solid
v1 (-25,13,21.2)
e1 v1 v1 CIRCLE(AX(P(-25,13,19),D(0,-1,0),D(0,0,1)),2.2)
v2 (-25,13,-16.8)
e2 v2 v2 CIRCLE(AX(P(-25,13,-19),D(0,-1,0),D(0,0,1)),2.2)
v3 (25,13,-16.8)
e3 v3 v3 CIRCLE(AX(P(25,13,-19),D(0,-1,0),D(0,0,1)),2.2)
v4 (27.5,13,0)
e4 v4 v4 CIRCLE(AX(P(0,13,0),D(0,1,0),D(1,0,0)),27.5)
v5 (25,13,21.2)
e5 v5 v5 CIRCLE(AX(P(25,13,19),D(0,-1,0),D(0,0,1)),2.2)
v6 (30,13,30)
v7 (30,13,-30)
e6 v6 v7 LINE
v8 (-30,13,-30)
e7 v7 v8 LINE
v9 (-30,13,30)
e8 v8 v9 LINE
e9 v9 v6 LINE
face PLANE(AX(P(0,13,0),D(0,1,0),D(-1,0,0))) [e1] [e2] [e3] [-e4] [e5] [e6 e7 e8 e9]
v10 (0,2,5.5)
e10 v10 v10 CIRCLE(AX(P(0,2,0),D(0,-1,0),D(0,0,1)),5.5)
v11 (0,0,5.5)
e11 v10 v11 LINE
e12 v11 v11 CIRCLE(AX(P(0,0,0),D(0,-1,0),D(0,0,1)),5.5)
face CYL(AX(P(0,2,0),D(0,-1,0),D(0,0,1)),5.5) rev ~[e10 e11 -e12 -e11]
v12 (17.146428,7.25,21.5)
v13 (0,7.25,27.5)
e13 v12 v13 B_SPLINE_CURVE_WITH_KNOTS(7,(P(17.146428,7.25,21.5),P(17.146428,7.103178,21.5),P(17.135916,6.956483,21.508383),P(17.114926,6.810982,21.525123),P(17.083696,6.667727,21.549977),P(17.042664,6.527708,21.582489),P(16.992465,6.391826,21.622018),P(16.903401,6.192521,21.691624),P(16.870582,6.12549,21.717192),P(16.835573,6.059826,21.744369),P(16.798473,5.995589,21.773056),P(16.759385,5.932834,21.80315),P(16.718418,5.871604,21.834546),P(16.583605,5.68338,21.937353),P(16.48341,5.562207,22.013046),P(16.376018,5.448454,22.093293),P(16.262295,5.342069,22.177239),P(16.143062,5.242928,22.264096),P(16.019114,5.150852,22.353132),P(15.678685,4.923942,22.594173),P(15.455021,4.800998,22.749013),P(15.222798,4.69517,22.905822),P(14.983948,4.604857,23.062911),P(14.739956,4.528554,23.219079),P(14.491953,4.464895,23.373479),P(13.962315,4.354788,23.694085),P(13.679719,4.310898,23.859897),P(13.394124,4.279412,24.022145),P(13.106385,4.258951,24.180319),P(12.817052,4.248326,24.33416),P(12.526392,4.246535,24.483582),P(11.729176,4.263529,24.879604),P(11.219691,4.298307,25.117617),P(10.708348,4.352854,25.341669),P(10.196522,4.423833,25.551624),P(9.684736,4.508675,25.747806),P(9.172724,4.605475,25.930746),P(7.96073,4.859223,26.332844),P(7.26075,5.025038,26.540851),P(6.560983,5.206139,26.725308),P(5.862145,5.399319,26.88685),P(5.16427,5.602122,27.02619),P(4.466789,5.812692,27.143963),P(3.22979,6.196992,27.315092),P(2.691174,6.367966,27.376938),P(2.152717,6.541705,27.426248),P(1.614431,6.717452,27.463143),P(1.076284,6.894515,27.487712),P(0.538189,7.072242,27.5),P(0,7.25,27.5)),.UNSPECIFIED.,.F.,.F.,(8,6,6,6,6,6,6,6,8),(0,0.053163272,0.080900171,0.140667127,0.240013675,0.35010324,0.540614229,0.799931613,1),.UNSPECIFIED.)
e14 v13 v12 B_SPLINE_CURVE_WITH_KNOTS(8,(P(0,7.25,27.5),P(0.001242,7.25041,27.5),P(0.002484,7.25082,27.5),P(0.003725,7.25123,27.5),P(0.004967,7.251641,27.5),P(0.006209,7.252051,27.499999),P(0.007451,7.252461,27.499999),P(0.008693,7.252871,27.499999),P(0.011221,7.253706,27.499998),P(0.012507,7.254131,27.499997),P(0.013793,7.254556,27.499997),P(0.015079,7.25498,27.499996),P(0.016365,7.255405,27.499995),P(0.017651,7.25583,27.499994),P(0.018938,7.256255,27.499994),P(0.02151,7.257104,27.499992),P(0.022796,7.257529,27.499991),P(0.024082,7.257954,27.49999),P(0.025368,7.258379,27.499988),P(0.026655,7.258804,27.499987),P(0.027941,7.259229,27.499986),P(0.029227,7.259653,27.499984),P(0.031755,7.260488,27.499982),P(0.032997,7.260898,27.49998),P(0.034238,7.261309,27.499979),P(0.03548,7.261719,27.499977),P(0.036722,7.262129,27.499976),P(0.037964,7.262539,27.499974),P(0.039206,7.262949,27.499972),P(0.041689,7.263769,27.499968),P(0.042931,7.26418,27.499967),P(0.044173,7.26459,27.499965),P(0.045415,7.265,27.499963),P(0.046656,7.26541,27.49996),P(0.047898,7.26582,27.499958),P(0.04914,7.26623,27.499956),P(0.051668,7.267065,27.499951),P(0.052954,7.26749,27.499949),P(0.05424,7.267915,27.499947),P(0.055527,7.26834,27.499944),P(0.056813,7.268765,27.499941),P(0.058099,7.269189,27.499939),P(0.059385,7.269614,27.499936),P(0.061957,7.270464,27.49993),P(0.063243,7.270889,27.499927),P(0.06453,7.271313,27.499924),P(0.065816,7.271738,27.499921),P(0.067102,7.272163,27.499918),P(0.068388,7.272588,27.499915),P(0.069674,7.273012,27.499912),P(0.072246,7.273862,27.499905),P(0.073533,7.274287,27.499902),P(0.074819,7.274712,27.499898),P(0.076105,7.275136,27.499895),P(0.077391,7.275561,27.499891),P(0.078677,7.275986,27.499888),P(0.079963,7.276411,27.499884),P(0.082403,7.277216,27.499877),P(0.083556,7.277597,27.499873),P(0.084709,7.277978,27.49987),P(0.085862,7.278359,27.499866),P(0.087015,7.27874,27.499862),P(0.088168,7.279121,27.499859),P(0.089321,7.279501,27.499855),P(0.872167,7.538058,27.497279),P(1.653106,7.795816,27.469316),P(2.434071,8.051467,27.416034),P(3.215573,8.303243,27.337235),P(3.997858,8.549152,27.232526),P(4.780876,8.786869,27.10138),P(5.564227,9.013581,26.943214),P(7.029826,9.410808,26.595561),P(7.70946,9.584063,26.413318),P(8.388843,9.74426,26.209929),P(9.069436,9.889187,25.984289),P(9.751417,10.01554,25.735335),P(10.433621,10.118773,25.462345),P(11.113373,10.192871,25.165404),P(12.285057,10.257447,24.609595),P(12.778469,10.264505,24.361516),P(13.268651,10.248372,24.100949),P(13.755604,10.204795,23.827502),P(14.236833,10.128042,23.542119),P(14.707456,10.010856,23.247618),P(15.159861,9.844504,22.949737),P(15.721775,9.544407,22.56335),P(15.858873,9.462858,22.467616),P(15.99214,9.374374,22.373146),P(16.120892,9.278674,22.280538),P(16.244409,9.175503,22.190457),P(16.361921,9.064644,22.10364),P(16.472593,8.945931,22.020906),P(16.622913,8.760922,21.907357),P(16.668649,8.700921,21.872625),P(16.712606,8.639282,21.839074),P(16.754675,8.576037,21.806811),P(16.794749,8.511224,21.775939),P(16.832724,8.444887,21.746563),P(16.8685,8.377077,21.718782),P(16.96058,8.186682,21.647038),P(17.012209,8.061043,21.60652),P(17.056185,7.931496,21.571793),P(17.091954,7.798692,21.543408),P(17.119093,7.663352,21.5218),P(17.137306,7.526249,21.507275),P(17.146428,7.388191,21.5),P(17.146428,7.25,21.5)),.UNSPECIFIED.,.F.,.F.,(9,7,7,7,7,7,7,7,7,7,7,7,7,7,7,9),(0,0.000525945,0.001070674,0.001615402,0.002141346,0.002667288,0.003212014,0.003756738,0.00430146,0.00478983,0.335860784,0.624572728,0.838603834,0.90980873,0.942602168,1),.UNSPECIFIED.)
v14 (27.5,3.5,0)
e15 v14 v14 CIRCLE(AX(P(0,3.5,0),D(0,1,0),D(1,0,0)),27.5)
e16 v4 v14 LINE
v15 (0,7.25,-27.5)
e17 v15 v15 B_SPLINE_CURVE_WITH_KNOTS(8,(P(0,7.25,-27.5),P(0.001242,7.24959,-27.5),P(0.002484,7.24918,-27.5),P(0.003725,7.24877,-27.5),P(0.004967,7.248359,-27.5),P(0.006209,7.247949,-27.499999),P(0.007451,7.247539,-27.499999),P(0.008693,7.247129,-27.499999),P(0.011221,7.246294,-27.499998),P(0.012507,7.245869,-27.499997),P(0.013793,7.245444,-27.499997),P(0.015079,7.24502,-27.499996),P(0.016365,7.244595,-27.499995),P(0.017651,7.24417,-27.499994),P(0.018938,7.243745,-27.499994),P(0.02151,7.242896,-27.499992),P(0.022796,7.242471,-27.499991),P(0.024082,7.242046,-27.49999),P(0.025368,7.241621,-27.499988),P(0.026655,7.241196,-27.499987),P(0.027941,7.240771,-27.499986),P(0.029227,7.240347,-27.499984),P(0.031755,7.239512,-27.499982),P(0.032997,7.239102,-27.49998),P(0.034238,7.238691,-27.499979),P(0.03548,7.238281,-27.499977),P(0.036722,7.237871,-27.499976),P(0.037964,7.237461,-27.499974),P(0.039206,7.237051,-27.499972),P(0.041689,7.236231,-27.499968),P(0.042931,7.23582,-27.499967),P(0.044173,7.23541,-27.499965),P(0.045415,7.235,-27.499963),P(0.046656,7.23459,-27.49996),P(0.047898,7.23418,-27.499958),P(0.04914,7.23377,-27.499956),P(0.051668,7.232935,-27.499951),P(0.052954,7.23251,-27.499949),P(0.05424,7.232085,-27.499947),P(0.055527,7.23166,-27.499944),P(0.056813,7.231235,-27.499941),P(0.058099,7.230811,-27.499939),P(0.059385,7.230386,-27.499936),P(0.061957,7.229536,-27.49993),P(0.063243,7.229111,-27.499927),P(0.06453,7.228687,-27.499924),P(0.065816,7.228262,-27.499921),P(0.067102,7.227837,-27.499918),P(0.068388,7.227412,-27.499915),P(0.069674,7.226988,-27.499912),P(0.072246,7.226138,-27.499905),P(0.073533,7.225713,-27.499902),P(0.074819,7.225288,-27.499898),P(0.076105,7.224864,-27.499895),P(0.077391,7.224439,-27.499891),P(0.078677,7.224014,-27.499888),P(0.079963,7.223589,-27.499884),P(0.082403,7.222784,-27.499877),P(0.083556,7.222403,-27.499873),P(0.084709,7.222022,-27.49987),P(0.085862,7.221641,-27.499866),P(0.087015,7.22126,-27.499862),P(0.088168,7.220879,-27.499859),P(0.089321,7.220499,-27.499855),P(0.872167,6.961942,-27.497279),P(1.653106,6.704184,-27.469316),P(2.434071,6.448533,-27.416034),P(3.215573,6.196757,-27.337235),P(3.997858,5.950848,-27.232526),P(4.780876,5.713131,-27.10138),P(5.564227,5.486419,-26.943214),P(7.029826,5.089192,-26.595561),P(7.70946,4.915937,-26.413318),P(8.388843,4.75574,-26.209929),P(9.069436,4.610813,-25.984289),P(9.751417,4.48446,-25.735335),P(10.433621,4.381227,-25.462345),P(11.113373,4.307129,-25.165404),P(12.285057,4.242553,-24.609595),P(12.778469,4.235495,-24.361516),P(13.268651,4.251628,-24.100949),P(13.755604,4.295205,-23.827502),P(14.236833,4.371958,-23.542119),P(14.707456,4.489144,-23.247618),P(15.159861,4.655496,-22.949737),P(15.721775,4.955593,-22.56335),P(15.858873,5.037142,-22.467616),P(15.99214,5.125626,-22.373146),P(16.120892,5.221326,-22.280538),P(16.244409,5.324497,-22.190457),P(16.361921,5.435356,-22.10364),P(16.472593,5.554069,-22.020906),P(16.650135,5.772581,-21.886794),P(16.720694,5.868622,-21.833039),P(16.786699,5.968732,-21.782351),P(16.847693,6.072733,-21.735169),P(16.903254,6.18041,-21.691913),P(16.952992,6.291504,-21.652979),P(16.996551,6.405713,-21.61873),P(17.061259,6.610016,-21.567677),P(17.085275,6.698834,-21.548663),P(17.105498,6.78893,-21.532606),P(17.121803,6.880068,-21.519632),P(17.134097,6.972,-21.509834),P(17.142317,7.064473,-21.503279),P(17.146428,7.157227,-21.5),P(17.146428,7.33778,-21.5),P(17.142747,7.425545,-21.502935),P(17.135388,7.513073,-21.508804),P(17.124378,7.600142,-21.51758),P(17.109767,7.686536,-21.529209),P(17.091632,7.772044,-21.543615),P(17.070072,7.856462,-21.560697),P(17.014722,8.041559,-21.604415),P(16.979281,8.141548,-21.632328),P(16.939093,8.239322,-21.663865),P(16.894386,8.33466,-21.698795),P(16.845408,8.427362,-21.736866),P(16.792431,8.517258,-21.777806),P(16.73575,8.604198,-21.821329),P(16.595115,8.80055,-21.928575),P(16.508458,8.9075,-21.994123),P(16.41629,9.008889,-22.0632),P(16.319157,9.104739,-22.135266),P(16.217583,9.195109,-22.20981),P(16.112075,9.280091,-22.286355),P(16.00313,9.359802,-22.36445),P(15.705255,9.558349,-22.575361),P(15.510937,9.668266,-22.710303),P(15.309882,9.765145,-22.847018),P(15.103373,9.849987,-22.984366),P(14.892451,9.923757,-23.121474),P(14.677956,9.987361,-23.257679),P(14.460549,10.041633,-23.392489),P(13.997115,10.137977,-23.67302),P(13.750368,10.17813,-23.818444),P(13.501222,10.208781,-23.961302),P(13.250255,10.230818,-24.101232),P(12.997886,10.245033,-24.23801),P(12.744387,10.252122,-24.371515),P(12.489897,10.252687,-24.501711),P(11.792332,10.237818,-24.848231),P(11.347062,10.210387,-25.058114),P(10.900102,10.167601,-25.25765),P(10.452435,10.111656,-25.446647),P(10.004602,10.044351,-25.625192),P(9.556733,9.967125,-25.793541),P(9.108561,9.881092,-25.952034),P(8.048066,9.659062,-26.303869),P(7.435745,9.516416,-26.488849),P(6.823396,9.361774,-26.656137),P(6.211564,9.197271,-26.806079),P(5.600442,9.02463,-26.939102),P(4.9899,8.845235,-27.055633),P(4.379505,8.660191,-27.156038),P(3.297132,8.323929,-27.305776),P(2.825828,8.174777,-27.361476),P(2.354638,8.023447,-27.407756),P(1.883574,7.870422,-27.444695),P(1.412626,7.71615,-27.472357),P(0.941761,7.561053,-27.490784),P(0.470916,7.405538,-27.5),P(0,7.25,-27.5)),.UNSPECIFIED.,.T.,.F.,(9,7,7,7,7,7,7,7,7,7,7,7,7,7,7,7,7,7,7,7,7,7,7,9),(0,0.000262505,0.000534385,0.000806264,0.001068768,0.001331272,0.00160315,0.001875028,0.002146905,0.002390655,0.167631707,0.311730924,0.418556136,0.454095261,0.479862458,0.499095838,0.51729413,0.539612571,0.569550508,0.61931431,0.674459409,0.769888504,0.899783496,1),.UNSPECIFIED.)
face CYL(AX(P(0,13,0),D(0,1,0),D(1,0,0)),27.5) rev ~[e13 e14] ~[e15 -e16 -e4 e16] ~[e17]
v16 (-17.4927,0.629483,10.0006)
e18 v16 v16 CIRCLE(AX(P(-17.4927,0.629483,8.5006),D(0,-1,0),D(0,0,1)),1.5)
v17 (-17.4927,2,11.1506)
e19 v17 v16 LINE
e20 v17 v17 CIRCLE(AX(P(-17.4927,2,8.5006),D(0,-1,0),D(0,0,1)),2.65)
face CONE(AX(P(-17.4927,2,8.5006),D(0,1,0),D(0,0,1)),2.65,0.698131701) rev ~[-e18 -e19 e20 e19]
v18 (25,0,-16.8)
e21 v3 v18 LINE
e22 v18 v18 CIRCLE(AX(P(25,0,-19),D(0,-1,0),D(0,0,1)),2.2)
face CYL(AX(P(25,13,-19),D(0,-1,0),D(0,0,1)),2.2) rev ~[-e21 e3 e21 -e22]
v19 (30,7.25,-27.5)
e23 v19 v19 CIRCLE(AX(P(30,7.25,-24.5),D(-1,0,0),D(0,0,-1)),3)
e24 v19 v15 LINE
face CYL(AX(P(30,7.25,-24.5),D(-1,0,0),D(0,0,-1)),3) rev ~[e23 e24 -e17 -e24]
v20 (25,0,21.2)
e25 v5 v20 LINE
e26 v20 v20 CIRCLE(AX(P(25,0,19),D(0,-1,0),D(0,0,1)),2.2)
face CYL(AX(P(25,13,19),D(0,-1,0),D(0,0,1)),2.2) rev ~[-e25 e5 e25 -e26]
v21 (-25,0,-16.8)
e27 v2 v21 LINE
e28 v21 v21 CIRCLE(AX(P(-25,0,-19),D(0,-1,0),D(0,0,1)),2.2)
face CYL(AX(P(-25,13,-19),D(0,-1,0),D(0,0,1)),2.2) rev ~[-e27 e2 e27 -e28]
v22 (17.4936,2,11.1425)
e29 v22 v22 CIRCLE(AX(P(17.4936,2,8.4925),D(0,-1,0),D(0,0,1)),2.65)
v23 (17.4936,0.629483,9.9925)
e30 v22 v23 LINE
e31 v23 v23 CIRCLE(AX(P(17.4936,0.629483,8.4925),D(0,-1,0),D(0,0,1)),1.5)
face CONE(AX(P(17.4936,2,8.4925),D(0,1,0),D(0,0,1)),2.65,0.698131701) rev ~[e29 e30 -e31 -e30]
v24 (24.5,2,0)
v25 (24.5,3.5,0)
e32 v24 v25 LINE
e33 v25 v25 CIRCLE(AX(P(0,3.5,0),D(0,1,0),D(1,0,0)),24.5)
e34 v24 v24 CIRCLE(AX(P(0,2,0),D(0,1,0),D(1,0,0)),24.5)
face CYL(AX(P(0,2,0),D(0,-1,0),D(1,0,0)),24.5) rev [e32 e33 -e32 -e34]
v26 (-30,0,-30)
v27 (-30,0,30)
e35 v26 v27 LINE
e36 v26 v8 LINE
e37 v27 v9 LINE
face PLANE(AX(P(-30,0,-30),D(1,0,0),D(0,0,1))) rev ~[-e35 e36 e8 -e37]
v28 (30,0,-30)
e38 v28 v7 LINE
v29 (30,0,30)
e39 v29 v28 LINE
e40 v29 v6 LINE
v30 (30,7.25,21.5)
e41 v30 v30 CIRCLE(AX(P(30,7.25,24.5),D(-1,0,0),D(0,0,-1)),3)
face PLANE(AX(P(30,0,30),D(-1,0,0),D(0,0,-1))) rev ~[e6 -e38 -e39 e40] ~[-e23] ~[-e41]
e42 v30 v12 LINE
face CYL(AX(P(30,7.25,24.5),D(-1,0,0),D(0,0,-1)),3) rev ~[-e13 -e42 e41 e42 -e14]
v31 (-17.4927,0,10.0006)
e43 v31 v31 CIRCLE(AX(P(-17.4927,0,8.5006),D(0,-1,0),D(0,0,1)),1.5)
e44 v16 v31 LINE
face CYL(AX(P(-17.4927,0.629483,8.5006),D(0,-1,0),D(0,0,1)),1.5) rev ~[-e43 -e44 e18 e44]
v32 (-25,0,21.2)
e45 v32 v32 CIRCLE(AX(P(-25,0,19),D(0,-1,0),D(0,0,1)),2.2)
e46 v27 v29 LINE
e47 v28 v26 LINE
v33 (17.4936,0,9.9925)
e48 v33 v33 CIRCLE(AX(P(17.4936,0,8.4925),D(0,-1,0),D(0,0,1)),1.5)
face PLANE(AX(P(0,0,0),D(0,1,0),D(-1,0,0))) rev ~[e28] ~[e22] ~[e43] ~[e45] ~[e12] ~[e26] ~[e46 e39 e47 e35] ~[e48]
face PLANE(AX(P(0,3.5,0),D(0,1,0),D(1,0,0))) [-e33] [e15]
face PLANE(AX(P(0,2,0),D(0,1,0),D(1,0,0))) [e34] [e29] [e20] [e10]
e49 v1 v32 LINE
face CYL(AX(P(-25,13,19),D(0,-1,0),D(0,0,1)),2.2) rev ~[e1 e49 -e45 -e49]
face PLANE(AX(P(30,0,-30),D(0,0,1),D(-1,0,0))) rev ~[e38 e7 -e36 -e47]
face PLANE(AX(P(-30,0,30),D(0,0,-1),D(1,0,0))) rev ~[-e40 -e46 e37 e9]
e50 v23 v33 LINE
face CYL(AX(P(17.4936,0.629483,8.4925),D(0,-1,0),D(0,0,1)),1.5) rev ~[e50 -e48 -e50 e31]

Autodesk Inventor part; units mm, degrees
ref_plane "YZ Plane" through (0, 0, 0) normal (1, 0, 0) x (0, 1, 0)
ref_plane "XZ Plane" through (0, 0, 0) normal (0, 1, 0) x (-1, 0, 0)
ref_plane "XY Plane" through (0, 0, 0) normal (0, 0, 1) x (1, 0, 0)
sketch "Boceto1" plane through (0, 0, 0) normal (0, 1, 0) x (-1, 0, 0)
  line L0 (-30, -30) -> (30, -30)
  line L1 (30, -30) -> (30, 30)
  line L2 (30, 30) -> (-30, 30)
  line L3 (-30, 30) -> (-30, -30)
  line L4 (-30, -30) -> (30, 30) construction
  line L5 (30, -30) -> (-30, 30) construction
  point P0 (0, 0)
  dimension "d0" = 60
  dimension "d1" = 60
extrude "Extrusión1" add sketch "Boceto1" along normal blind 13
sketch "Boceto2" plane through (0, 13, 0) normal (0, 1, 0) x (1, 0, 0)
  circle A0 centre (0, 0) radius 27.5
  dimension "d4" = 55
extrude "Extrusión2" cut sketch "Boceto2" against normal blind 11
sketch "Boceto3" plane through (0, 2, 0) normal (0, 1, 0) x (1, 0, 0)
  circle A0 centre (0, 0) radius 27.5 projected
hole "Agujero1" at (0, 2, 0) direction (0, -1, 0) diameter 11 depth 2
sketch "Boceto4" plane through (0, 13, 0) normal (0, 1, 0) x (1, 0, 0)
  line L0 (-30, -30) -> (30, -30) projected
  line L1 (30, -30) -> (30, 30) projected
  point P0 (0, 0)
  point P1 (25, -19)
  dimension "d14" = 11
  dimension "d15" = 5
hole "Agujero2" at (25, 13, 19) direction (0, -1, 0) diameter 4.4 end through all
pattern_linear "Patrón rectangular1" count 2 spacing 38 along (0, 0, -1) count 2 spacing 50 along (-1, 0, 0) of "Agujero2"
sketch "Boceto5" plane through (0, 2, 0) normal (0, 1, 0) x (1, 0, 0)
  circle A0 centre (0, 0) radius 24.5
  circle A1 centre (0, 0) radius 27.5
  dimension "d29" = 49
  dimension "d30" = 55
extrude "Extrusión3" add sketch "Boceto5" along normal blind 1.5
sketch "Boceto6" plane through (30, 0, 30) normal (1, 0, 0) x (0, 0, -1)
  line L0 (2.5, 13) -> (57.5, 13) projected
  line L1 (2.5, 13) -> (2.5, 3.5) projected
  line L2 (2.5, 3.5) -> (57.5, 3.5) projected
  line L3 (57.5, 13) -> (57.5, 3.5) projected
  line L4 (2.5, 13) -> (2.5, 11)
  line L5 (2.5, 11) -> (57.5, 11)
  line L6 (5.5, 3.5) -> (54.5, 3.5) projected
  line L7 (5.5, 3.5) -> (5.5, 11)
  circle A0 centre (5.5, 7.25) radius 3
  circle A1 centre (54.5, 7.25) radius 3
  point P0 (30, 0)
  point P1 (5.5, 7.25)
  dimension "d49" = 2
  dimension "d50" = 6
  dimension "d51" = 6
hole "Agujero3" at (30, 7.25, 24.5) at (30, 7.25, -24.5) direction (-1, 0, 0) diameter 6 depth 30
sketch "Boceto7" plane through (0, 2, 0) normal (0, 1, 0) x (1, 0, 0)
  circle A0 centre (-17.4927, -8.5006) radius 1.9922 projected
  circle A1 centre (17.4936, -8.4925) radius 2.0099 projected
  point P0 (0, 0)
hole "Agujero4" at (17.4936, 2, 8.4925) at (-17.4927, 2, 8.5006) direction (0, -1, 0) diameter 3 end through all countersink diameter 5.3 countersink angle 80
properties part number "Base"
